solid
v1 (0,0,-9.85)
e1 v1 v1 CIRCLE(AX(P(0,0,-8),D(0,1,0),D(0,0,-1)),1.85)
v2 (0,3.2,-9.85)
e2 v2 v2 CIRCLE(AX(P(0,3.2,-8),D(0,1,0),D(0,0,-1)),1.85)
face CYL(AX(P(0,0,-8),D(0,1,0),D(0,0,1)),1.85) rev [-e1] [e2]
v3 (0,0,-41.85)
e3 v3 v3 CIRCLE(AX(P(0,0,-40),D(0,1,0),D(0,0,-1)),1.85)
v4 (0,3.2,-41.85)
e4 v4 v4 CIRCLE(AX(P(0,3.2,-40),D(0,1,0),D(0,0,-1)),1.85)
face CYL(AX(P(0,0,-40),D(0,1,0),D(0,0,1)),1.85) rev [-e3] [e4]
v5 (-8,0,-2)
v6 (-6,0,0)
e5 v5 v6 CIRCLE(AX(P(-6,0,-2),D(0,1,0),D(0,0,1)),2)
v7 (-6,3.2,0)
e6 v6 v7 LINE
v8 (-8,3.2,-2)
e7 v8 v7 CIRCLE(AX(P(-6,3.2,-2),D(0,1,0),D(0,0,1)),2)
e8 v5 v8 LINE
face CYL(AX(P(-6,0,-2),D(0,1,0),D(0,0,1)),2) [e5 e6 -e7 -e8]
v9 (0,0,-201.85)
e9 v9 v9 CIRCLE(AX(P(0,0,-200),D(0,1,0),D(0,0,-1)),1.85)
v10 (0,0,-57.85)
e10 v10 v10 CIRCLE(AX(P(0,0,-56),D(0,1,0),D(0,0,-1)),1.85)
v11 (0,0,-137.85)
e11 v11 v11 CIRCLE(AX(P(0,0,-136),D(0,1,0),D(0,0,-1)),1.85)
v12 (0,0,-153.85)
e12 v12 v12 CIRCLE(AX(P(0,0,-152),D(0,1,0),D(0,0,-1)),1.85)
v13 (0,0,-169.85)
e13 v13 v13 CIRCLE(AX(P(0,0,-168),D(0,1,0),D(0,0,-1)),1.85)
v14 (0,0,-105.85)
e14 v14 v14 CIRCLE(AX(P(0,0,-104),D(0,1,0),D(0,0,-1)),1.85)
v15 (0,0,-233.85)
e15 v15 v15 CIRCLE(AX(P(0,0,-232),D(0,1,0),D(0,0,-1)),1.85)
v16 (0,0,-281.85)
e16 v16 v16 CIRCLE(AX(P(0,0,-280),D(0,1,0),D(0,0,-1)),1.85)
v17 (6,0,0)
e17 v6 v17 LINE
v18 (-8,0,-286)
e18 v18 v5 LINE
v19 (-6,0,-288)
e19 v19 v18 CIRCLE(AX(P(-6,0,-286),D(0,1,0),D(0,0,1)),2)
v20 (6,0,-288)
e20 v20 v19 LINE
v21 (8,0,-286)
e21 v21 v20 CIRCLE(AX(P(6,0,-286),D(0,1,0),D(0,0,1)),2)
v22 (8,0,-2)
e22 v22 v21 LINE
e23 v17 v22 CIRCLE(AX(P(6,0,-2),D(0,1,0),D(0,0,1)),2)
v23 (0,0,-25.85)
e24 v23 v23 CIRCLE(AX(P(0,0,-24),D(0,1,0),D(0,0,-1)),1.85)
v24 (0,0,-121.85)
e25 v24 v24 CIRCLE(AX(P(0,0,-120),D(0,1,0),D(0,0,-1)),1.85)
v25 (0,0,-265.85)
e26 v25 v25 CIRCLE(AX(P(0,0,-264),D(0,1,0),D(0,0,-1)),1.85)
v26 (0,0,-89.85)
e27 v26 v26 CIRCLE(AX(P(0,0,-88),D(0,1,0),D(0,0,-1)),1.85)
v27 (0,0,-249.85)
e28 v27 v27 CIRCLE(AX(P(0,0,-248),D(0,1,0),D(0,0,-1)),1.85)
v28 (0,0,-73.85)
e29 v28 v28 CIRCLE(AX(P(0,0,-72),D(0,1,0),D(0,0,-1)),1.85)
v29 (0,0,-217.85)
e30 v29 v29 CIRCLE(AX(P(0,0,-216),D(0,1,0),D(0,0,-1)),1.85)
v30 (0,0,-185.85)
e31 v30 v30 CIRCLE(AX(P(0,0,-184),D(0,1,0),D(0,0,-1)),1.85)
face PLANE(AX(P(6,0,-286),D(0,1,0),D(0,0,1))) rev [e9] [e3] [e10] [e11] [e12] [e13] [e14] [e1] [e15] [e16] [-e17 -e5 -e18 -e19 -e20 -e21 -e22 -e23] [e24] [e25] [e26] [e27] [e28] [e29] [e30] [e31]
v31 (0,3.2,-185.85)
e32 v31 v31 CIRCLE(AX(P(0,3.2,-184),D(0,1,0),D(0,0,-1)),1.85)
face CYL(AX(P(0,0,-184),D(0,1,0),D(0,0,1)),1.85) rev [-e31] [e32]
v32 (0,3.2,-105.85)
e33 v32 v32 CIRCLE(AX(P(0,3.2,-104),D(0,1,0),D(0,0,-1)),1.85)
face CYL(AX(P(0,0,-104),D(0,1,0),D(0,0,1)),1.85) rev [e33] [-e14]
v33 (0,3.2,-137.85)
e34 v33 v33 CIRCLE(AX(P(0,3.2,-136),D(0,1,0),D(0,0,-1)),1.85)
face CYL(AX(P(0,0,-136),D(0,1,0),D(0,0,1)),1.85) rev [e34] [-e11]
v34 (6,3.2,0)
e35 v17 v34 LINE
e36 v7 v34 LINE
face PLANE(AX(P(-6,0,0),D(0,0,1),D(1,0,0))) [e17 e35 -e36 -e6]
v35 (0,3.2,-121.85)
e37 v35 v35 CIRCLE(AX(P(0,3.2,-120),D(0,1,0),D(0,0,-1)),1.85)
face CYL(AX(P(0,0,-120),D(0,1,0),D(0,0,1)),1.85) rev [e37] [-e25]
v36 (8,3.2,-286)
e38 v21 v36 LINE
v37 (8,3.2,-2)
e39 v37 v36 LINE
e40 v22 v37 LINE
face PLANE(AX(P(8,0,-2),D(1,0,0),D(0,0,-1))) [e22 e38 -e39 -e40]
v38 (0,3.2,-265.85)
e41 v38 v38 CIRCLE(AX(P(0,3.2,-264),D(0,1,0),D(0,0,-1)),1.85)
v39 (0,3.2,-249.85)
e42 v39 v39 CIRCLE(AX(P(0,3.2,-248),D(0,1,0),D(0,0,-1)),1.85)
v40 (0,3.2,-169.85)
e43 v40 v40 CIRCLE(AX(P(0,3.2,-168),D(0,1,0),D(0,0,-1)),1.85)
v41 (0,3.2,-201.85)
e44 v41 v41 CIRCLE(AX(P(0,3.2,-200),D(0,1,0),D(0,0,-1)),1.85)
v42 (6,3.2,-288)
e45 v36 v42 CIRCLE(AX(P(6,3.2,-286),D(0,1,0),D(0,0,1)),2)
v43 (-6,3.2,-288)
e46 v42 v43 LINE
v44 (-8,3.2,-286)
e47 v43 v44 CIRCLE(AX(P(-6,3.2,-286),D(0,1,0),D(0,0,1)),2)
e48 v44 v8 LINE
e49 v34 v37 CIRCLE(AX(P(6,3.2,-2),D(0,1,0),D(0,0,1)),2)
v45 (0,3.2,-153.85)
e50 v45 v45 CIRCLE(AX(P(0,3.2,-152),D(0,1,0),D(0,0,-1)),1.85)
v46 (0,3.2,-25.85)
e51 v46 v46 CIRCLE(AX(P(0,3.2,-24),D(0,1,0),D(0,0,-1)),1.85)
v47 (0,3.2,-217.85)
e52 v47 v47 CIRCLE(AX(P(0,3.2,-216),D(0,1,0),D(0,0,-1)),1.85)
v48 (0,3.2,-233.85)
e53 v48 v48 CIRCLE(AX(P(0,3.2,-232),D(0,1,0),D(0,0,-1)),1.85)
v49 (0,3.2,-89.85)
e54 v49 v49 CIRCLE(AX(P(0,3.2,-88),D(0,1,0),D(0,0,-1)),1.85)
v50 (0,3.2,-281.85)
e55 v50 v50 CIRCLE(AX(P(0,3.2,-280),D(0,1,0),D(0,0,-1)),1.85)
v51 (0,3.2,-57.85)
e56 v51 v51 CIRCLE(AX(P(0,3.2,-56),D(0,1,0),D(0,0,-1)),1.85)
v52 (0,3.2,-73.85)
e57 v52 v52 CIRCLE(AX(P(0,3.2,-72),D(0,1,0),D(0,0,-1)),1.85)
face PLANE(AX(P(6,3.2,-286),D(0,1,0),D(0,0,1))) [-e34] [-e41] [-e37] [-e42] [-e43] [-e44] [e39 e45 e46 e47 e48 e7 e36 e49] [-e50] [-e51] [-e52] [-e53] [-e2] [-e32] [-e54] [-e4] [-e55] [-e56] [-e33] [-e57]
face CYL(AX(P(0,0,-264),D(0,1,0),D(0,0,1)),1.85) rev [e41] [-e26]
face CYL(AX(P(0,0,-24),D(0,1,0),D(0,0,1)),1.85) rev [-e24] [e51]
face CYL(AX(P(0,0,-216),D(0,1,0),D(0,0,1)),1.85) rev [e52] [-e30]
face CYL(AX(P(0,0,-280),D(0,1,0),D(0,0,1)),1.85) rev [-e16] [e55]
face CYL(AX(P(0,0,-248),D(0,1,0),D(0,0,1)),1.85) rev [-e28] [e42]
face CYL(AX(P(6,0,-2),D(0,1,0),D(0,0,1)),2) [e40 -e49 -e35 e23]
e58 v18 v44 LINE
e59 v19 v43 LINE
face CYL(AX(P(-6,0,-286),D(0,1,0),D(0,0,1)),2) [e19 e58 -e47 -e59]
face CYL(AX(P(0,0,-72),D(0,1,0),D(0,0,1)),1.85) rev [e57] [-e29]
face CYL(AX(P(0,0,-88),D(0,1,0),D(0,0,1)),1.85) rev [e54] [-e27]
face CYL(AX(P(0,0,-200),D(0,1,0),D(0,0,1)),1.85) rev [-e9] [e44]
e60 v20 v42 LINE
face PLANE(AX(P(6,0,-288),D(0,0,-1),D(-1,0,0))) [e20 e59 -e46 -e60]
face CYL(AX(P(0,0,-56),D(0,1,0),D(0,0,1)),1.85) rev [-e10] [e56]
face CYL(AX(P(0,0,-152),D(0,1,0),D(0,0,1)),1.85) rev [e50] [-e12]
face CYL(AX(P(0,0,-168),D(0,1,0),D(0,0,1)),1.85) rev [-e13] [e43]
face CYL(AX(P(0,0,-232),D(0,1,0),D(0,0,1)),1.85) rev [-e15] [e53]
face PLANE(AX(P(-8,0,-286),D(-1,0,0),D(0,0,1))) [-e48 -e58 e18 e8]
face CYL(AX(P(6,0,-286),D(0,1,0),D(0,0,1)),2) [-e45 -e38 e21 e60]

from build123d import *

# Parameters (mm, degrees)
SKETCH1_R           = 1.85
BOSS_EXTRUDE1_DEPTH = 3.2


with BuildPart() as part:
    # Sketch1 → Boss-Extrude1 (new body)
    with BuildSketch(Plane(origin=(0, 3.2, 0), x_dir=(1, 0, 0), z_dir=(0, 1, 0))):
        with BuildLine():
            Line((6, 288), (-6, 288))
            ThreePointArc((-6, 288), (-7.414213562, 287.414213562), (-8, 286))
            Line((-8, 286), (-8, 2))
            ThreePointArc((-8, 2), (-7.414213562, 0.585786438), (-6, 0))
            Line((-6, 0), (6, 0))
            ThreePointArc((6, 0), (7.414213562, 0.585786438), (8, 2))
            Line((8, 2), (8, 286))
            ThreePointArc((8, 286), (7.414213562, 287.414213562), (6, 288))
        make_face()
        with Locations((0, 8)):
            Circle(SKETCH1_R, mode=Mode.SUBTRACT)
        with Locations((0, 280)):
            Circle(SKETCH1_R, mode=Mode.SUBTRACT)
        with Locations((0, 264)):
            Circle(SKETCH1_R, mode=Mode.SUBTRACT)
        with Locations((0, 248)):
            Circle(SKETCH1_R, mode=Mode.SUBTRACT)
        with Locations((0, 232)):
            Circle(SKETCH1_R, mode=Mode.SUBTRACT)
        with Locations((0, 216)):
            Circle(SKETCH1_R, mode=Mode.SUBTRACT)
        with Locations((0, 200)):
            Circle(SKETCH1_R, mode=Mode.SUBTRACT)
        with Locations((0, 184)):
            Circle(SKETCH1_R, mode=Mode.SUBTRACT)
        with Locations((0, 168)):
            Circle(SKETCH1_R, mode=Mode.SUBTRACT)
        with Locations((0, 152)):
            Circle(SKETCH1_R, mode=Mode.SUBTRACT)
        with Locations((0, 136)):
            Circle(SKETCH1_R, mode=Mode.SUBTRACT)
        with Locations((0, 120)):
            Circle(SKETCH1_R, mode=Mode.SUBTRACT)
        with Locations((0, 104)):
            Circle(SKETCH1_R, mode=Mode.SUBTRACT)
        with Locations((0, 88)):
            Circle(SKETCH1_R, mode=Mode.SUBTRACT)
        with Locations((0, 72)):
            Circle(SKETCH1_R, mode=Mode.SUBTRACT)
        with Locations((0, 56)):
            Circle(SKETCH1_R, mode=Mode.SUBTRACT)
        with Locations((0, 40)):
            Circle(SKETCH1_R, mode=Mode.SUBTRACT)
        with Locations((0, 24)):
            Circle(SKETCH1_R, mode=Mode.SUBTRACT)
    extrude(amount=-BOSS_EXTRUDE1_DEPTH)


solid = part.part
